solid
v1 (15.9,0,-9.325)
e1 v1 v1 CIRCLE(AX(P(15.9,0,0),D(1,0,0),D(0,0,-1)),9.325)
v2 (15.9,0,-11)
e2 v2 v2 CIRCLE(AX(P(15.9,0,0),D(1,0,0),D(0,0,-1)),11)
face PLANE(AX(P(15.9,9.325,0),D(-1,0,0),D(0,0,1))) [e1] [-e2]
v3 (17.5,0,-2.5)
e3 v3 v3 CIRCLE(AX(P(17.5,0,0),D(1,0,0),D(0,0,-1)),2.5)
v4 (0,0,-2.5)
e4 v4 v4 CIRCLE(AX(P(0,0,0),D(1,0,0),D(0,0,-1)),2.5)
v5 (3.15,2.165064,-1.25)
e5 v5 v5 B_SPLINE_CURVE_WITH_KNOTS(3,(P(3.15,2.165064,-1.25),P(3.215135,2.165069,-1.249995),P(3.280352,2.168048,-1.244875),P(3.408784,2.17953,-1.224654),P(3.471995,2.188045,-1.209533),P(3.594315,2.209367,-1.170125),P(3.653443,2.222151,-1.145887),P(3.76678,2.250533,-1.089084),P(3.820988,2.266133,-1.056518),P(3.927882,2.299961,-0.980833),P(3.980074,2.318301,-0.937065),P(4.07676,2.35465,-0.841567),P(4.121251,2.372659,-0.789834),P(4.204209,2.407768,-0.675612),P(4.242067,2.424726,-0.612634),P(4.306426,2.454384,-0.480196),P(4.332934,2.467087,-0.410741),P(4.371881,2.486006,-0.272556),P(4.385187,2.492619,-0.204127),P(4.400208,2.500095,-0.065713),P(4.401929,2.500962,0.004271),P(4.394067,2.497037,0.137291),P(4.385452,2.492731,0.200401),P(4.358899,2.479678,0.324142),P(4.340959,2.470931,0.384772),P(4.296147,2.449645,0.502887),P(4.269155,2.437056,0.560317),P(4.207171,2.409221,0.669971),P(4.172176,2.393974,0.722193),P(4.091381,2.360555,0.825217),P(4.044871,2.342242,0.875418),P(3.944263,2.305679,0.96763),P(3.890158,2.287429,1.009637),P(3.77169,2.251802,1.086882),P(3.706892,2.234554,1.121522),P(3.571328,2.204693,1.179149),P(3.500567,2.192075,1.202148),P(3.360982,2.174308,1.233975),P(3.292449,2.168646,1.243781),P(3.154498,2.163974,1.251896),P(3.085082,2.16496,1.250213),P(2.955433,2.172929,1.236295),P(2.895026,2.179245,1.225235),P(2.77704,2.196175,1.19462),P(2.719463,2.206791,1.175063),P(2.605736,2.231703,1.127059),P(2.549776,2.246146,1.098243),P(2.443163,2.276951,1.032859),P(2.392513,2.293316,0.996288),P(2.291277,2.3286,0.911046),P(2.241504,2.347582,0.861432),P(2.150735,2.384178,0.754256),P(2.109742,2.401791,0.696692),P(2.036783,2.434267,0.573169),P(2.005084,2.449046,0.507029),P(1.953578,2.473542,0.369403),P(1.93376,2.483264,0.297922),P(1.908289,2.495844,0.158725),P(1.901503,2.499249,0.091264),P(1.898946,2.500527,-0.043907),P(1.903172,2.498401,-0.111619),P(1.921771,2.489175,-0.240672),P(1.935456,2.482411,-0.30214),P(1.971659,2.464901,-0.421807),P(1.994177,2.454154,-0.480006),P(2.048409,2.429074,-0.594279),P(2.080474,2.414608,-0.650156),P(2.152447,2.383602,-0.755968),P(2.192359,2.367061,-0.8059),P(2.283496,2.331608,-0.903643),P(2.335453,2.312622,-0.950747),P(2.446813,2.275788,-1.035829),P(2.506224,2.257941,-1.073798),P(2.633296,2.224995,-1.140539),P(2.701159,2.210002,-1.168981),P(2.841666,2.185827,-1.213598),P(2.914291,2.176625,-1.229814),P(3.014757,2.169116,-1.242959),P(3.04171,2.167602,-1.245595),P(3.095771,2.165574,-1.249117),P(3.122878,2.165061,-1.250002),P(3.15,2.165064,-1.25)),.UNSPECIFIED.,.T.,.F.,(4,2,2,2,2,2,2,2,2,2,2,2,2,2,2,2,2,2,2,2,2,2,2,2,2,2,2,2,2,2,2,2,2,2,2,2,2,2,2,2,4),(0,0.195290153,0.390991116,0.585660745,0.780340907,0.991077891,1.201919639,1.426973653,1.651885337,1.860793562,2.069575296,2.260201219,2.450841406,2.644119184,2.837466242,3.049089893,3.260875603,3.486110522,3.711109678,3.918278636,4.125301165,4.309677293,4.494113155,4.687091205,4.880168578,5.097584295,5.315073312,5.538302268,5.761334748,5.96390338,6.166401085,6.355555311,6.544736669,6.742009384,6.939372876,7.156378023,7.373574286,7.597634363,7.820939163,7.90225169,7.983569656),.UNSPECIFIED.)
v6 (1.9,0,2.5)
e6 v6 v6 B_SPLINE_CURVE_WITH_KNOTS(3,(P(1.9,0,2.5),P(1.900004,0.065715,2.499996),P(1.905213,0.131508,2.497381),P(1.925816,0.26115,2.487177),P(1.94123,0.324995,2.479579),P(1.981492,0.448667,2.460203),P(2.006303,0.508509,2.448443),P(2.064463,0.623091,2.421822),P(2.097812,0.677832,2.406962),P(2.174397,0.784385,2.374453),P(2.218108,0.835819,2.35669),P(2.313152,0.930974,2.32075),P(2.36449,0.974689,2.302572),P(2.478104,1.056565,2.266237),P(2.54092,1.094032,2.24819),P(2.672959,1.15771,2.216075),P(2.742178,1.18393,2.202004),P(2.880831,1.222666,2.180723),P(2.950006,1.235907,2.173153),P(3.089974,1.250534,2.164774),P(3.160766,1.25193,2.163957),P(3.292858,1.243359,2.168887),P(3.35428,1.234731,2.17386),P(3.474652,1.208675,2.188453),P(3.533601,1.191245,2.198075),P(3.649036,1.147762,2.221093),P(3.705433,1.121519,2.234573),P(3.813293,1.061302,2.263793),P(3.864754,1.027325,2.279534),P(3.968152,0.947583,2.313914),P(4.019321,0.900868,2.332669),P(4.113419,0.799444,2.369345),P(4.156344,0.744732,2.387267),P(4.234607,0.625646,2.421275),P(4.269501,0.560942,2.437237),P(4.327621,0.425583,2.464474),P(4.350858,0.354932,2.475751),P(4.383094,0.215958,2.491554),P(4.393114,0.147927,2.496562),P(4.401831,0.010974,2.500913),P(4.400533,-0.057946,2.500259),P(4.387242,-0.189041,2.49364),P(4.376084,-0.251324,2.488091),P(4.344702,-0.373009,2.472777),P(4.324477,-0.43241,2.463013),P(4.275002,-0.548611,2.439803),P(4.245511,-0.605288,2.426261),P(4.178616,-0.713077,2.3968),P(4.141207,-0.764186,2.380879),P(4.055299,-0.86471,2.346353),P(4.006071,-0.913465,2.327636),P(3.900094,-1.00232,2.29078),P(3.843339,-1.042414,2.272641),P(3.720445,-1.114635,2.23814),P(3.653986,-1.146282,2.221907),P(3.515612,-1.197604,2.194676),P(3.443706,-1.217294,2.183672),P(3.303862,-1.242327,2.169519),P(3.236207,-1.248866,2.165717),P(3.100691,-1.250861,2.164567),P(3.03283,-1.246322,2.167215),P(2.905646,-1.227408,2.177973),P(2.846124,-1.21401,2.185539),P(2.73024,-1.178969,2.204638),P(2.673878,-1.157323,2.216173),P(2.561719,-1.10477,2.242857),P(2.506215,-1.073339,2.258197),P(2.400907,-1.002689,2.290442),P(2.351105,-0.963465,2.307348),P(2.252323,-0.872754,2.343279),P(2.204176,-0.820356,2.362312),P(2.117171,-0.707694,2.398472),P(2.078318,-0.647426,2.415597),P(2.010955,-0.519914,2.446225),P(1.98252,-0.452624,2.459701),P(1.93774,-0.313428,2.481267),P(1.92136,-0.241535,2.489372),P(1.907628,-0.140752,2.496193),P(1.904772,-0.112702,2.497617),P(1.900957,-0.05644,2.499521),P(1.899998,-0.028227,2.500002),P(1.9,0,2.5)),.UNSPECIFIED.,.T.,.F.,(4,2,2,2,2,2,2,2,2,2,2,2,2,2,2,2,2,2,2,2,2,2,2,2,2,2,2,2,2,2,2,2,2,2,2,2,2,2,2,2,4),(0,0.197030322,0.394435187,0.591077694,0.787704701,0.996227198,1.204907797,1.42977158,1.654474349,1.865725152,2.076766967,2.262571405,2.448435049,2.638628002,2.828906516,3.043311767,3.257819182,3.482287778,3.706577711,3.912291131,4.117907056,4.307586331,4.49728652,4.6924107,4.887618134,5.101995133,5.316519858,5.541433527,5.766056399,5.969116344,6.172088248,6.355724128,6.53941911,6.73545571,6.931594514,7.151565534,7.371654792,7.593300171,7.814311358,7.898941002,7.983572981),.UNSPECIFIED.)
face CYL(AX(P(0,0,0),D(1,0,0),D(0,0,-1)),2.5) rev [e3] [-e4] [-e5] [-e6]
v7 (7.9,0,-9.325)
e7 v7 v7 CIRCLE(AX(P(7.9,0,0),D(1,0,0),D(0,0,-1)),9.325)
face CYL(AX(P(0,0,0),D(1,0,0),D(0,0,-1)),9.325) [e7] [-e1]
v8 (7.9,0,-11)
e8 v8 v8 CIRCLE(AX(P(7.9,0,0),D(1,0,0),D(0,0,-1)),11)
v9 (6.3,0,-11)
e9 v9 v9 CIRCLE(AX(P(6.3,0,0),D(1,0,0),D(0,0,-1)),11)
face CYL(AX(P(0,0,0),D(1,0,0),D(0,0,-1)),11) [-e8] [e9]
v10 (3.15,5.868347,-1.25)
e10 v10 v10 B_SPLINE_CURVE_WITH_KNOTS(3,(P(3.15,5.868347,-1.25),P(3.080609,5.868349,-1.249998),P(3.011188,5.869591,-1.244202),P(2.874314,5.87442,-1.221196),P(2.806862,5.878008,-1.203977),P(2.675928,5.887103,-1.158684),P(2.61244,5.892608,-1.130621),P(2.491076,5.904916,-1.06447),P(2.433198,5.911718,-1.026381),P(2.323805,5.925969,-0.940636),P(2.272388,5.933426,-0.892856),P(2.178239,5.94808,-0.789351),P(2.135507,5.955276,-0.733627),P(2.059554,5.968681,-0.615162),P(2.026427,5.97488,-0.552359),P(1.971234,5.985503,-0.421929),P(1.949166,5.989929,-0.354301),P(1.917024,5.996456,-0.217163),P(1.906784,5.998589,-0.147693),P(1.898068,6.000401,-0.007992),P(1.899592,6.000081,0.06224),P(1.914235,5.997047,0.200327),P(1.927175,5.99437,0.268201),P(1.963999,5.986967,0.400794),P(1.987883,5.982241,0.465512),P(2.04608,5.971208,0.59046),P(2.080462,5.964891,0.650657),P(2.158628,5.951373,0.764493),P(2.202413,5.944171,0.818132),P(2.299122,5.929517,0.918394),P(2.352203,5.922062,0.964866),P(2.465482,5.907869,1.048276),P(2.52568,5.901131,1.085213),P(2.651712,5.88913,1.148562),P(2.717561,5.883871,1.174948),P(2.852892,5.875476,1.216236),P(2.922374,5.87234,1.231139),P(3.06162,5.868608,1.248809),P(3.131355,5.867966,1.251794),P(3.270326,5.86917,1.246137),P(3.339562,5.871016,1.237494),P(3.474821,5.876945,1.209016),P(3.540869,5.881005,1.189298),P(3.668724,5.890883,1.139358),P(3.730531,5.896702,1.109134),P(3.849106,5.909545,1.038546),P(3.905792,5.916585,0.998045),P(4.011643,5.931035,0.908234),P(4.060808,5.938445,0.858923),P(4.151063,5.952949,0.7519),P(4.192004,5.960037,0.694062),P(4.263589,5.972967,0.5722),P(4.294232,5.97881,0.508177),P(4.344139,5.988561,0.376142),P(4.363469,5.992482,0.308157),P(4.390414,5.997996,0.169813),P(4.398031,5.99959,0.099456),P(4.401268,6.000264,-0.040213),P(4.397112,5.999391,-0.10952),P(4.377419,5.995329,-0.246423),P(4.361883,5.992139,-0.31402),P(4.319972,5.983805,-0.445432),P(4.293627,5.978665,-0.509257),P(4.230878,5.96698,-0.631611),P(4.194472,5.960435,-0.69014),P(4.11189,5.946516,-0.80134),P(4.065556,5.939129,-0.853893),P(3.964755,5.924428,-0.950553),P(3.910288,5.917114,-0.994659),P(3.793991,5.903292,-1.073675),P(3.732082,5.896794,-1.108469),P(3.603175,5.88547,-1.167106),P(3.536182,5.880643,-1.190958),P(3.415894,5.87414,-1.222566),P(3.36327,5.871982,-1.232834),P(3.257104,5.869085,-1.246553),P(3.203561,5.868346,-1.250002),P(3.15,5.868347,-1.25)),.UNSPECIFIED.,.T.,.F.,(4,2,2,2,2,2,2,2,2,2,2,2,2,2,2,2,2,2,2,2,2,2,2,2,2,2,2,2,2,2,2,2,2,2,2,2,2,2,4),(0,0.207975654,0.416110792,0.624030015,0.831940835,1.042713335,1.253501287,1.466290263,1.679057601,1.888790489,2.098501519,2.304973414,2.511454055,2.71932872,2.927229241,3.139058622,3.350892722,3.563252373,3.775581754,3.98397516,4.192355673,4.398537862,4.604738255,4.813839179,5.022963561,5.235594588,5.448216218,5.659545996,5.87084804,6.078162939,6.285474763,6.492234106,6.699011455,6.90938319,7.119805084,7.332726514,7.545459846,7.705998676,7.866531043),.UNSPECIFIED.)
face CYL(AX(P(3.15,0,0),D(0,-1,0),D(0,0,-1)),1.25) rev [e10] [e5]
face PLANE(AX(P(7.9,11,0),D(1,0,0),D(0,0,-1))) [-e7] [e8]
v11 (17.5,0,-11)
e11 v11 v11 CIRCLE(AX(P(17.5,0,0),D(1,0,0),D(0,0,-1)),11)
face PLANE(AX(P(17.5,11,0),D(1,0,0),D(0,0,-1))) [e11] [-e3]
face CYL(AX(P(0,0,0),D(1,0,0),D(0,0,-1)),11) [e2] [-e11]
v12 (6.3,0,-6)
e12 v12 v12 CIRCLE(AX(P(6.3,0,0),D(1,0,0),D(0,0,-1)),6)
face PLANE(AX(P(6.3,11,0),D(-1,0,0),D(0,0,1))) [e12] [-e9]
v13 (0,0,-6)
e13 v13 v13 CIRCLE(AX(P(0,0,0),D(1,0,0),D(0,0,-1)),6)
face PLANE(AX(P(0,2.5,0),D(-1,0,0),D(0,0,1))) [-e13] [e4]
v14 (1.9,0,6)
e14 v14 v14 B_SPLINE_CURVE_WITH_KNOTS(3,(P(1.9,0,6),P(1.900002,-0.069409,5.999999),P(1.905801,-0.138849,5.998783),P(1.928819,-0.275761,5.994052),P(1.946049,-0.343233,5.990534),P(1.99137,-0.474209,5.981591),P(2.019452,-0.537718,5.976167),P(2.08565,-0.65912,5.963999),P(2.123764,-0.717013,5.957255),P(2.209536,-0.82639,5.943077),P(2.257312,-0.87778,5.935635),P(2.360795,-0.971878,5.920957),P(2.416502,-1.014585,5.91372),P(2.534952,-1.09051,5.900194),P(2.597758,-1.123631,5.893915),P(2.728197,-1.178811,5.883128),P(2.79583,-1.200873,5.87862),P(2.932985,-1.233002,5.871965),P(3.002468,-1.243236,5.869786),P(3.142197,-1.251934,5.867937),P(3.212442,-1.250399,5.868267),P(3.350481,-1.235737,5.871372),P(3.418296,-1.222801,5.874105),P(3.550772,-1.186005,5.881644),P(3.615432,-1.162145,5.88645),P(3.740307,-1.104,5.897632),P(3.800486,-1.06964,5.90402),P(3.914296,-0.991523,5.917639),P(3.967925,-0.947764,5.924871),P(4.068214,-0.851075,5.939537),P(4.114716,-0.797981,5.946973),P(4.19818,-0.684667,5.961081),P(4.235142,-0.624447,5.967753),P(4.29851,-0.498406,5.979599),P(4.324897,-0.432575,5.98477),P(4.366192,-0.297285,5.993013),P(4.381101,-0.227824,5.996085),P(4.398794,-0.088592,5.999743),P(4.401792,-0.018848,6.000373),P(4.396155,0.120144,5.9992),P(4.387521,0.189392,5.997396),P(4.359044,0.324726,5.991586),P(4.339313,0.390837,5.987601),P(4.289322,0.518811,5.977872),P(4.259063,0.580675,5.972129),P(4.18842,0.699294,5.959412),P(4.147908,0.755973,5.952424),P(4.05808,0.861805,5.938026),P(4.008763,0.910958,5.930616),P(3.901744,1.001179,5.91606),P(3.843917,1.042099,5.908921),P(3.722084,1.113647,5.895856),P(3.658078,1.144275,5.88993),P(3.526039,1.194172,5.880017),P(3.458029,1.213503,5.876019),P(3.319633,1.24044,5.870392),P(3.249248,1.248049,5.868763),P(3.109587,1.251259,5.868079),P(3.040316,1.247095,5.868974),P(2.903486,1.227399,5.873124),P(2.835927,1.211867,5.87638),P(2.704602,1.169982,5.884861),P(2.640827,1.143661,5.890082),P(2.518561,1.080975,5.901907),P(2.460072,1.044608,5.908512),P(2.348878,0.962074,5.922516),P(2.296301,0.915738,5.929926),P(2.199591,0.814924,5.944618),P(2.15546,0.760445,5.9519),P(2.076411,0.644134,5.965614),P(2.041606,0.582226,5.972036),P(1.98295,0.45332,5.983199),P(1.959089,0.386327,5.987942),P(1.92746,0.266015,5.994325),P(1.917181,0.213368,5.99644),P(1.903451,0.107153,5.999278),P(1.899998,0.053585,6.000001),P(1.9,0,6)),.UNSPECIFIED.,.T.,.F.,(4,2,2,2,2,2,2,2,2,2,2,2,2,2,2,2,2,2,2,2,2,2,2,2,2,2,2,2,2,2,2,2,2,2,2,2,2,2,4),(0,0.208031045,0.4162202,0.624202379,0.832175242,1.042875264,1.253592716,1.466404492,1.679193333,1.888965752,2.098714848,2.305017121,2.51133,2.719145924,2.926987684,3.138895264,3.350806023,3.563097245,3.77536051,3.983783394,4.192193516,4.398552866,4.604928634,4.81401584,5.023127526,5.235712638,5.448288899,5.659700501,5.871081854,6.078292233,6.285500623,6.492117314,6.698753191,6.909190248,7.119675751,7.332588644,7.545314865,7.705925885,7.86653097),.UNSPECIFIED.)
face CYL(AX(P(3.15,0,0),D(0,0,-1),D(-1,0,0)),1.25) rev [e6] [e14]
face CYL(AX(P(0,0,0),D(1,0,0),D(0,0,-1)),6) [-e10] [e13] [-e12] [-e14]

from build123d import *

# Parameters (mm, degrees)
SKETCH2_W = 1.25
SKETCH2_H = 11
SKETCH4_W = 1.25
SKETCH4_H = 11


with BuildPart() as part:
    # Sketch1 → Revolve1 (revolve)
    with BuildSketch(Plane.XY):
        Polygon((0, 2.5), (0, 6), (6.3, 6), (6.3, 11), (7.9, 11), (7.9, 9.325), (15.9, 9.325), (15.9, 11), (17.5, 11), (17.5, 2.5), align=None)
    revolve(axis=Axis((0, 0, 0), (-1, 0, 0)))

    # Sketch2 → M3x0.5 Tapped Hole1 (revolve, cut)
    with BuildSketch(Plane(origin=(3.15, 0, 0), x_dir=(0, 0, -1), z_dir=(1, 0, 0))):
        with Locations((0.625, 5.5)):
            Rectangle(SKETCH2_W, SKETCH2_H)
    revolve(axis=Axis((3.15, -6.35, 0), (0, 1, 0)), mode=Mode.SUBTRACT)

    # Sketch4 → M3x0.5 Tapped Hole2 (revolve, cut)
    with BuildSketch(Plane.YZ.offset(3.15)):
        with Locations((0.625, 5.5)):
            Rectangle(SKETCH4_W, SKETCH4_H)
    revolve(axis=Axis((3.15, 0, -6.35), (0, 0, 1)), mode=Mode.SUBTRACT)


solid = part.part
